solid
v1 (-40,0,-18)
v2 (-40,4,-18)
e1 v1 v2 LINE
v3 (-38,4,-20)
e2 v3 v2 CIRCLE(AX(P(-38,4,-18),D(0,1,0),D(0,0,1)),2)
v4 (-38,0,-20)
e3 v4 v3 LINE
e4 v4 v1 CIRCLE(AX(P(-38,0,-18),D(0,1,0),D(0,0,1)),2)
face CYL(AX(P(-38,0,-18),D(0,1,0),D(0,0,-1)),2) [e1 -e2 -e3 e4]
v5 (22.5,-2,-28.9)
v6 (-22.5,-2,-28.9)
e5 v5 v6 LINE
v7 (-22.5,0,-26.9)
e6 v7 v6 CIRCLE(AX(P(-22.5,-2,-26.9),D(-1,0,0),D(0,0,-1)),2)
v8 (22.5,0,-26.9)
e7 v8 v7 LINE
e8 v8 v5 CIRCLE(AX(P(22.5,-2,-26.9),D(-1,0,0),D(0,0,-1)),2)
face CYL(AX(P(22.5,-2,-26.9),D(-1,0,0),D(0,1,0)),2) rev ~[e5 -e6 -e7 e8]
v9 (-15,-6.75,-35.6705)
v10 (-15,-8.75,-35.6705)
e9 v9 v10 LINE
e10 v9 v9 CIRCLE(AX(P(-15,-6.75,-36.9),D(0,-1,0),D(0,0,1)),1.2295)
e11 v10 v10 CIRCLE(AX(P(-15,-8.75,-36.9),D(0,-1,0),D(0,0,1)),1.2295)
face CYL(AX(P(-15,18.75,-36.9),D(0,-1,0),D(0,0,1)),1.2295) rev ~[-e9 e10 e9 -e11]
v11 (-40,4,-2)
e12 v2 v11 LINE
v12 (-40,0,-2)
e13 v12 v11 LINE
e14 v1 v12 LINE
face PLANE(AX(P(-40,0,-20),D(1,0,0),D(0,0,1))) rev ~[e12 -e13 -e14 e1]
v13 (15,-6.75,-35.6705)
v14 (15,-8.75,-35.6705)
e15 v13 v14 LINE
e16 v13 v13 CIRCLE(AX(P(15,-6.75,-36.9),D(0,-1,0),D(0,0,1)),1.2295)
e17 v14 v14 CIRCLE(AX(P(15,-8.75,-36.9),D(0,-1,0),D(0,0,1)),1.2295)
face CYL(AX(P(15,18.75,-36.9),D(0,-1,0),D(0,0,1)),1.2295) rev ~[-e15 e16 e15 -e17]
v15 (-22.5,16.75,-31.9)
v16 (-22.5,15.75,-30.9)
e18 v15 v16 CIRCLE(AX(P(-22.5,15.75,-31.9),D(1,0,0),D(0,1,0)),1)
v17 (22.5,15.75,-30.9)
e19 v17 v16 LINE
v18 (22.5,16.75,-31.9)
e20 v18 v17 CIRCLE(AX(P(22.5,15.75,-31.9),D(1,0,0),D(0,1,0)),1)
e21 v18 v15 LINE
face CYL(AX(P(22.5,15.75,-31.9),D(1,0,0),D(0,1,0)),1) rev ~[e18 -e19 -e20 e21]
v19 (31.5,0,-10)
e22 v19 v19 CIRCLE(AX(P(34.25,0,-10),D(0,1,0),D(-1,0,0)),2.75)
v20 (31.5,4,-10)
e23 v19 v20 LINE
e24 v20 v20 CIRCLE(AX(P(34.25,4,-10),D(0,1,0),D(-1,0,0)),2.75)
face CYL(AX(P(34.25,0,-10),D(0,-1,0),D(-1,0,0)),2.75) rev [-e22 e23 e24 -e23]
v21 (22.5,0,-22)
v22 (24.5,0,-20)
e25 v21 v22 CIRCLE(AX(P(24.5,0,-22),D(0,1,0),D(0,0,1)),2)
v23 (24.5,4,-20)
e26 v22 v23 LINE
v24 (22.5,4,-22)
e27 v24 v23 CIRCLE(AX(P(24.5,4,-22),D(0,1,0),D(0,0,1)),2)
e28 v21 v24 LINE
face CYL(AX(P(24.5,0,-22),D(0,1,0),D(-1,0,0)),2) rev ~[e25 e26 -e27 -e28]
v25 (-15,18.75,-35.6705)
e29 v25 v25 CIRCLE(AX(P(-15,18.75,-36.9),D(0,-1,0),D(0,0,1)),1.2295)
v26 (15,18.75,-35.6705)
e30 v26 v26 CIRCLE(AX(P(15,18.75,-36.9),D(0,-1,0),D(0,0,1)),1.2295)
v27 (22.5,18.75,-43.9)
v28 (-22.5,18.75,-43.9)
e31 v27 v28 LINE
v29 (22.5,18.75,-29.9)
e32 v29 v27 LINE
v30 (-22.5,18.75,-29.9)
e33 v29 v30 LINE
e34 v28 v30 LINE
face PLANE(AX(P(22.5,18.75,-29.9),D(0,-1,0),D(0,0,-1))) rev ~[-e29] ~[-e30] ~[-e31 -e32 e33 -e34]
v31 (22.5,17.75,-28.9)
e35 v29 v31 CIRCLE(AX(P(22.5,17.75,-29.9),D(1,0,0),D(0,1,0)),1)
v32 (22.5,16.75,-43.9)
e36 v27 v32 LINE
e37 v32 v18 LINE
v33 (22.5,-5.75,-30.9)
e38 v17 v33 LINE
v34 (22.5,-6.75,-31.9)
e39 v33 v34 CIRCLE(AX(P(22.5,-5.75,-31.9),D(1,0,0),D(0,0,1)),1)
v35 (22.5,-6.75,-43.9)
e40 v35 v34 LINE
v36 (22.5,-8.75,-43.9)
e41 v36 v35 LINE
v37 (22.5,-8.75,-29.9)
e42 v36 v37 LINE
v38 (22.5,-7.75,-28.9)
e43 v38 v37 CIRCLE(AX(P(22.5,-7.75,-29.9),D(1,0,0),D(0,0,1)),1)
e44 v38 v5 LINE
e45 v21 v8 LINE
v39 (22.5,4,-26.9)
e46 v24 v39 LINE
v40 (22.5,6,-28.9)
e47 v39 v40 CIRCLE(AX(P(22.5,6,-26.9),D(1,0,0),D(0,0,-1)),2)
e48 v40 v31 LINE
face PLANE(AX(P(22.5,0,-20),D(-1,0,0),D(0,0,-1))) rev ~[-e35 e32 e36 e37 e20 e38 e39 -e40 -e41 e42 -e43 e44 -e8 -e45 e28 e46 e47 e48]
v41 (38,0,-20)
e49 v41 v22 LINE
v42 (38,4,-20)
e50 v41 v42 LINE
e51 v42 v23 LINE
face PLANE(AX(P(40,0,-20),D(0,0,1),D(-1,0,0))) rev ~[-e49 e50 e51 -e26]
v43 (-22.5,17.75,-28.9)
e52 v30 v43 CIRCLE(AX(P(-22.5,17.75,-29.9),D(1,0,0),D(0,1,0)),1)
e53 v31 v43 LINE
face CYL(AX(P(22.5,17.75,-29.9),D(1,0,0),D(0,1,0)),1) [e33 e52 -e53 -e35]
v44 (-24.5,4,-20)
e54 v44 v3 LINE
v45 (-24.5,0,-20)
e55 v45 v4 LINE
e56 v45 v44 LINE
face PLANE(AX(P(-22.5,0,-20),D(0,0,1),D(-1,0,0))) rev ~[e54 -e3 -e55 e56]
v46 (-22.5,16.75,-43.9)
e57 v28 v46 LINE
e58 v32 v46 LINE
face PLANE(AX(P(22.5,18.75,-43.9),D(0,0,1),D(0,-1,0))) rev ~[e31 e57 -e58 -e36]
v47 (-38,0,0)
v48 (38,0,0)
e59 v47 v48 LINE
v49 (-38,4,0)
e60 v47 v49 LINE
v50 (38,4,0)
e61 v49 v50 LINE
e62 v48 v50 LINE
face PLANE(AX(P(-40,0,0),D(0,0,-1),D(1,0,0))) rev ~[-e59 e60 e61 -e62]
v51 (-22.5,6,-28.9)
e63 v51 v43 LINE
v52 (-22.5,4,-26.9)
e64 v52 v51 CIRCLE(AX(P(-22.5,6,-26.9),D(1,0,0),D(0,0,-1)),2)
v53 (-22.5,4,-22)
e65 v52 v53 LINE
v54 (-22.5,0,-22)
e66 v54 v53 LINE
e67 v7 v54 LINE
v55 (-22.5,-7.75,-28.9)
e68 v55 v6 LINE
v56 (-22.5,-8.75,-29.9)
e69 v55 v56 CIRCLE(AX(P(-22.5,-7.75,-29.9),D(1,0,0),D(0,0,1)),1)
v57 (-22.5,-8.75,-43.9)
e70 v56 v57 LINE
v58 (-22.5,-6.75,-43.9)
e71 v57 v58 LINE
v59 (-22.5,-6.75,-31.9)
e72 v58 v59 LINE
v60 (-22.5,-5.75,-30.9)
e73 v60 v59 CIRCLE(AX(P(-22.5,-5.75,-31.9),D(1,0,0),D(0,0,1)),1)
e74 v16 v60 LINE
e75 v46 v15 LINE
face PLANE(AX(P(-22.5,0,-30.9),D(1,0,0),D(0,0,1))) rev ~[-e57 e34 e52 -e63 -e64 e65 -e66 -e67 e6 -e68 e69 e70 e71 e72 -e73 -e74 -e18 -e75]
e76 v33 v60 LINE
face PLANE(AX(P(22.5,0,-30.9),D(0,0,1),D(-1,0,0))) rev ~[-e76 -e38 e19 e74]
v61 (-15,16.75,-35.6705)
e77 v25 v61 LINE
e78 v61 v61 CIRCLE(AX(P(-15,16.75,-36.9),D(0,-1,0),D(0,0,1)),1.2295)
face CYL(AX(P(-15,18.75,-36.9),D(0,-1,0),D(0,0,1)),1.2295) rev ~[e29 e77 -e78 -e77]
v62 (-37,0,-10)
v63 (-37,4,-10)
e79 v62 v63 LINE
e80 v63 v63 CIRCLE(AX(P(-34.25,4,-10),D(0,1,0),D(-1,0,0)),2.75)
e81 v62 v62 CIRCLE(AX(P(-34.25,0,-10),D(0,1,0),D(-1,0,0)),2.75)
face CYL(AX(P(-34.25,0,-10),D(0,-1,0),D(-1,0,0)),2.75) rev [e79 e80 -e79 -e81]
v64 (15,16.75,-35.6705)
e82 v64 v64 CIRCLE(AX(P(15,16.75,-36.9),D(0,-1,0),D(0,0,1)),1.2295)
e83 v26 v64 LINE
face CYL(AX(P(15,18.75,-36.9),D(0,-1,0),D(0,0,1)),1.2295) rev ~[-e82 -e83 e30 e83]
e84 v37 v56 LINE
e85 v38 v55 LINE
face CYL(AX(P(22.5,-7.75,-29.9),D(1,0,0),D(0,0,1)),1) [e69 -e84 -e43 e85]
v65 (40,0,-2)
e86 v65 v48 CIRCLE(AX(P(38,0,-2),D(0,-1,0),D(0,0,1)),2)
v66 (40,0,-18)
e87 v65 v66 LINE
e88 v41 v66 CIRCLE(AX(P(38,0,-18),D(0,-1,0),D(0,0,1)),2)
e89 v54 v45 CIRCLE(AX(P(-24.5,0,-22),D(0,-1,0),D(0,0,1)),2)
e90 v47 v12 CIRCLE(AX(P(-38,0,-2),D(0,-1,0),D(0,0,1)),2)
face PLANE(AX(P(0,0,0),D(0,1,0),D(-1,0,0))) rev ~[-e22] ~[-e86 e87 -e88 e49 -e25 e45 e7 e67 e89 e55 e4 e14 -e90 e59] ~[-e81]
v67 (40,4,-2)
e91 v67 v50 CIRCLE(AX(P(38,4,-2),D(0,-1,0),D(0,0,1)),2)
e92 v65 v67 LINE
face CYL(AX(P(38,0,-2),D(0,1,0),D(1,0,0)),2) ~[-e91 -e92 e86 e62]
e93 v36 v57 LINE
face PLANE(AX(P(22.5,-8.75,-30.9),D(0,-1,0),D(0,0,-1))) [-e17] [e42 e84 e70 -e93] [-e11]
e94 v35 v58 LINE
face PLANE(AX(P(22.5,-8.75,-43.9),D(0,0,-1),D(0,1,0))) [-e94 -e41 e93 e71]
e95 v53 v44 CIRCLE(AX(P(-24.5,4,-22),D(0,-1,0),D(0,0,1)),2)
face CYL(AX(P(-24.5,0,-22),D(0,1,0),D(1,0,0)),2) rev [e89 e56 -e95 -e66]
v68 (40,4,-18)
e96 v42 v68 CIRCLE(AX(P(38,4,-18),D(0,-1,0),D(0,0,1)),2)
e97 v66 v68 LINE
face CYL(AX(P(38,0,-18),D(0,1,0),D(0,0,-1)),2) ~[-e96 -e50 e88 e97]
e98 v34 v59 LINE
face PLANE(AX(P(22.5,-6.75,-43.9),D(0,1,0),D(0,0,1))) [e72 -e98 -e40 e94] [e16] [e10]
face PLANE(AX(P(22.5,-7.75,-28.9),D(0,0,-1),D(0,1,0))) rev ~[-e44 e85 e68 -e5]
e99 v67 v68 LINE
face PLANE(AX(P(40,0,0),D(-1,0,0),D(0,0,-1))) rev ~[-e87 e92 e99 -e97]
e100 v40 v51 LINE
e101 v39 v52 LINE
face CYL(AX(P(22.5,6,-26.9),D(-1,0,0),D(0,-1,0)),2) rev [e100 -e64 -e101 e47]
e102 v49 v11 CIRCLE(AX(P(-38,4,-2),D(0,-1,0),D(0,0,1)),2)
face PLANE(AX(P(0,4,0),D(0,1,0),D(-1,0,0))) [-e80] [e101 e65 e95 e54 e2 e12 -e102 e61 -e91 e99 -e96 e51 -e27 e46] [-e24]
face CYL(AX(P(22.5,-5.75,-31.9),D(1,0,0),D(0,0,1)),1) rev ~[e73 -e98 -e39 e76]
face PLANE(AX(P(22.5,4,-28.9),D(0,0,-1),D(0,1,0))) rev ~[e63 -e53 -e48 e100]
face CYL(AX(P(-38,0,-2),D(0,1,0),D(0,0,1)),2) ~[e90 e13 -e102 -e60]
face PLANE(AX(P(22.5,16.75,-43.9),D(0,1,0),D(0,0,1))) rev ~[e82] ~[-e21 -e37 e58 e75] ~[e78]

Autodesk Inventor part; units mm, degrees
ref_plane "YZ Plane" through (0, 0, 0) normal (1, 0, 0) x (0, 1, 0)
ref_plane "XZ Plane" through (0, 0, 0) normal (0, 1, 0) x (-1, 0, 0)
ref_plane "XY Plane" through (0, 0, 0) normal (0, 0, 1) x (1, 0, 0)
sketch "Sketch2" plane through (0, 0, 0) normal (0, 1, 0) x (-1, 0, 0)
  line L0 (22.5, -20) -> (-22.5, -20)
  line L1 (-22.5, -20) -> (-22.5, -30.9)
  line L2 (-22.5, -30.9) -> (22.5, -30.9)
  line L3 (22.5, -30.9) -> (22.5, -20)
  line L4 (0, -37.08) -> (0, 6.18) construction
  line L5 (40, 0) -> (-40, 0)
  line L6 (-40, 0) -> (-40, -20)
  line L7 (-40, -20) -> (40, -20)
  line L8 (40, -20) -> (40, 0)
  circle A0 centre (34.25, -10) radius 2.75
  circle A1 centre (-34.25, -10) radius 2.75
  point P0 (0, 0)
  point P1 (0, -20)
  point P2 (-22.5, -20)
  dimension "d0" = 45
  dimension "d1" = 22.5
  dimension "d2" = 10.9
  dimension "d3" = 5.5
  dimension "d4" = 68.5
  dimension "d5" = 34.25
  dimension "d6" = 40
  dimension "d7" = 40
  dimension "d8" = 20
  dimension "d9" = 10
  dimension "d10" = 5.5
  dimension "d11" = 10
extrude "Extrusion1" add sketch "Sketch2" along normal blind 4
sketch "Sketch3" plane through (22.5, 0, -20) normal (1, 0, 0) x (0, 0, -1)
  line L0 (0, 0) -> (10.9, 0) construction
  line L1 (10.9, 0) -> (10.9, 4) construction
  line L2 (0, 4) -> (10.9, 4) construction
  line L3 (0, 0) -> (0, 4) construction
  line L4 (10.9, 4) -> (8.9, 4)
  line L5 (8.9, 4) -> (8.9, 17.75)
  line L6 (9.9, 18.75) -> (10.9, 18.75)
  line L7 (10.9, 15.75) -> (10.9, 4)
  line L8 (10.9, 18.75) -> (23.9, 18.75)
  line L9 (23.9, 18.75) -> (23.9, 16.75)
  line L10 (23.9, 16.75) -> (11.9, 16.75)
  line L11 (8.9, 0) -> (10.9, 0)
  line L12 (10.9, 0) -> (10.9, -5.75)
  line L13 (10.9, -8.75) -> (9.9, -8.75)
  line L14 (8.9, -7.75) -> (8.9, 0)
  line L15 (10.9, -8.75) -> (23.9, -8.75)
  line L16 (23.9, -8.75) -> (23.9, -6.75)
  line L17 (23.9, -6.75) -> (11.9, -6.75)
  arc A0 (11.9, 16.75) -> (10.9, 15.75) centre (11.9, 15.75) ccw
  arc A1 (9.9, 18.75) -> (8.9, 17.75) centre (9.9, 17.75) ccw
  arc A2 (8.9, -7.75) -> (9.9, -8.75) centre (9.9, -7.75) ccw
  arc A3 (10.9, -5.75) -> (11.9, -6.75) centre (11.9, -5.75) ccw
  point P0 (-20, 0)
  dimension "d14" = 6.75
  dimension "d15" = 12.75
  dimension "d16" = 2
  dimension "d17" = 2
  dimension "d18" = 2
  dimension "d19" = 13
  dimension "d20" = 1
  dimension "d21" = 15
extrude "Extrusion2" add sketch "Sketch3" against normal up to surface (45 mm away)
fillet "Fillet1" radius 2 2 edges at (0, 0, -28.9) (0, 4, -28.9)
sketch "Sketch4" plane through (22.5, 18.75, -29.9) normal (0, 1, 0) x (1, 0, 0)
  line L0 (-45, 14) -> (-45, 0) construction
  line L1 (0, 0) -> (-45, 0) construction
  line L2 (0, 14) -> (0, 0) construction
  line L3 (0, 14) -> (-45, 14) construction
  line L4 (-22.5, 26.78) -> (-22.5, -62.68) construction
  point P0 (-22.5, -29.9)
  point P1 (-37.5, 7)
  point P2 (-7.5, 7)
  dimension "d25" = 15
  dimension "d26" = 15
  dimension "d27" = 7
  dimension "d28" = 7
hole "Hole1" at (15, 18.75, -36.9) at (-15, 18.75, -36.9) direction (0, -1, 0) diameter 2.459 depth 27.5 thread size "M3x0.5" class "6H" standard "ISO Metric profile"
fillet "Fillet2" radius 2 6 edges at (22.5, 2, -20) (40, 2, -20) (40, 2, 0) (-40, 2, 0) (-40, 2, -20) (-22.5, 2, -20)
equation "\"d5\" = 0.5 * d4"
equation "\"d9\" = 0.5 * d8"
properties part number "P047_BoitierCouvercleV4_porteLidar"
